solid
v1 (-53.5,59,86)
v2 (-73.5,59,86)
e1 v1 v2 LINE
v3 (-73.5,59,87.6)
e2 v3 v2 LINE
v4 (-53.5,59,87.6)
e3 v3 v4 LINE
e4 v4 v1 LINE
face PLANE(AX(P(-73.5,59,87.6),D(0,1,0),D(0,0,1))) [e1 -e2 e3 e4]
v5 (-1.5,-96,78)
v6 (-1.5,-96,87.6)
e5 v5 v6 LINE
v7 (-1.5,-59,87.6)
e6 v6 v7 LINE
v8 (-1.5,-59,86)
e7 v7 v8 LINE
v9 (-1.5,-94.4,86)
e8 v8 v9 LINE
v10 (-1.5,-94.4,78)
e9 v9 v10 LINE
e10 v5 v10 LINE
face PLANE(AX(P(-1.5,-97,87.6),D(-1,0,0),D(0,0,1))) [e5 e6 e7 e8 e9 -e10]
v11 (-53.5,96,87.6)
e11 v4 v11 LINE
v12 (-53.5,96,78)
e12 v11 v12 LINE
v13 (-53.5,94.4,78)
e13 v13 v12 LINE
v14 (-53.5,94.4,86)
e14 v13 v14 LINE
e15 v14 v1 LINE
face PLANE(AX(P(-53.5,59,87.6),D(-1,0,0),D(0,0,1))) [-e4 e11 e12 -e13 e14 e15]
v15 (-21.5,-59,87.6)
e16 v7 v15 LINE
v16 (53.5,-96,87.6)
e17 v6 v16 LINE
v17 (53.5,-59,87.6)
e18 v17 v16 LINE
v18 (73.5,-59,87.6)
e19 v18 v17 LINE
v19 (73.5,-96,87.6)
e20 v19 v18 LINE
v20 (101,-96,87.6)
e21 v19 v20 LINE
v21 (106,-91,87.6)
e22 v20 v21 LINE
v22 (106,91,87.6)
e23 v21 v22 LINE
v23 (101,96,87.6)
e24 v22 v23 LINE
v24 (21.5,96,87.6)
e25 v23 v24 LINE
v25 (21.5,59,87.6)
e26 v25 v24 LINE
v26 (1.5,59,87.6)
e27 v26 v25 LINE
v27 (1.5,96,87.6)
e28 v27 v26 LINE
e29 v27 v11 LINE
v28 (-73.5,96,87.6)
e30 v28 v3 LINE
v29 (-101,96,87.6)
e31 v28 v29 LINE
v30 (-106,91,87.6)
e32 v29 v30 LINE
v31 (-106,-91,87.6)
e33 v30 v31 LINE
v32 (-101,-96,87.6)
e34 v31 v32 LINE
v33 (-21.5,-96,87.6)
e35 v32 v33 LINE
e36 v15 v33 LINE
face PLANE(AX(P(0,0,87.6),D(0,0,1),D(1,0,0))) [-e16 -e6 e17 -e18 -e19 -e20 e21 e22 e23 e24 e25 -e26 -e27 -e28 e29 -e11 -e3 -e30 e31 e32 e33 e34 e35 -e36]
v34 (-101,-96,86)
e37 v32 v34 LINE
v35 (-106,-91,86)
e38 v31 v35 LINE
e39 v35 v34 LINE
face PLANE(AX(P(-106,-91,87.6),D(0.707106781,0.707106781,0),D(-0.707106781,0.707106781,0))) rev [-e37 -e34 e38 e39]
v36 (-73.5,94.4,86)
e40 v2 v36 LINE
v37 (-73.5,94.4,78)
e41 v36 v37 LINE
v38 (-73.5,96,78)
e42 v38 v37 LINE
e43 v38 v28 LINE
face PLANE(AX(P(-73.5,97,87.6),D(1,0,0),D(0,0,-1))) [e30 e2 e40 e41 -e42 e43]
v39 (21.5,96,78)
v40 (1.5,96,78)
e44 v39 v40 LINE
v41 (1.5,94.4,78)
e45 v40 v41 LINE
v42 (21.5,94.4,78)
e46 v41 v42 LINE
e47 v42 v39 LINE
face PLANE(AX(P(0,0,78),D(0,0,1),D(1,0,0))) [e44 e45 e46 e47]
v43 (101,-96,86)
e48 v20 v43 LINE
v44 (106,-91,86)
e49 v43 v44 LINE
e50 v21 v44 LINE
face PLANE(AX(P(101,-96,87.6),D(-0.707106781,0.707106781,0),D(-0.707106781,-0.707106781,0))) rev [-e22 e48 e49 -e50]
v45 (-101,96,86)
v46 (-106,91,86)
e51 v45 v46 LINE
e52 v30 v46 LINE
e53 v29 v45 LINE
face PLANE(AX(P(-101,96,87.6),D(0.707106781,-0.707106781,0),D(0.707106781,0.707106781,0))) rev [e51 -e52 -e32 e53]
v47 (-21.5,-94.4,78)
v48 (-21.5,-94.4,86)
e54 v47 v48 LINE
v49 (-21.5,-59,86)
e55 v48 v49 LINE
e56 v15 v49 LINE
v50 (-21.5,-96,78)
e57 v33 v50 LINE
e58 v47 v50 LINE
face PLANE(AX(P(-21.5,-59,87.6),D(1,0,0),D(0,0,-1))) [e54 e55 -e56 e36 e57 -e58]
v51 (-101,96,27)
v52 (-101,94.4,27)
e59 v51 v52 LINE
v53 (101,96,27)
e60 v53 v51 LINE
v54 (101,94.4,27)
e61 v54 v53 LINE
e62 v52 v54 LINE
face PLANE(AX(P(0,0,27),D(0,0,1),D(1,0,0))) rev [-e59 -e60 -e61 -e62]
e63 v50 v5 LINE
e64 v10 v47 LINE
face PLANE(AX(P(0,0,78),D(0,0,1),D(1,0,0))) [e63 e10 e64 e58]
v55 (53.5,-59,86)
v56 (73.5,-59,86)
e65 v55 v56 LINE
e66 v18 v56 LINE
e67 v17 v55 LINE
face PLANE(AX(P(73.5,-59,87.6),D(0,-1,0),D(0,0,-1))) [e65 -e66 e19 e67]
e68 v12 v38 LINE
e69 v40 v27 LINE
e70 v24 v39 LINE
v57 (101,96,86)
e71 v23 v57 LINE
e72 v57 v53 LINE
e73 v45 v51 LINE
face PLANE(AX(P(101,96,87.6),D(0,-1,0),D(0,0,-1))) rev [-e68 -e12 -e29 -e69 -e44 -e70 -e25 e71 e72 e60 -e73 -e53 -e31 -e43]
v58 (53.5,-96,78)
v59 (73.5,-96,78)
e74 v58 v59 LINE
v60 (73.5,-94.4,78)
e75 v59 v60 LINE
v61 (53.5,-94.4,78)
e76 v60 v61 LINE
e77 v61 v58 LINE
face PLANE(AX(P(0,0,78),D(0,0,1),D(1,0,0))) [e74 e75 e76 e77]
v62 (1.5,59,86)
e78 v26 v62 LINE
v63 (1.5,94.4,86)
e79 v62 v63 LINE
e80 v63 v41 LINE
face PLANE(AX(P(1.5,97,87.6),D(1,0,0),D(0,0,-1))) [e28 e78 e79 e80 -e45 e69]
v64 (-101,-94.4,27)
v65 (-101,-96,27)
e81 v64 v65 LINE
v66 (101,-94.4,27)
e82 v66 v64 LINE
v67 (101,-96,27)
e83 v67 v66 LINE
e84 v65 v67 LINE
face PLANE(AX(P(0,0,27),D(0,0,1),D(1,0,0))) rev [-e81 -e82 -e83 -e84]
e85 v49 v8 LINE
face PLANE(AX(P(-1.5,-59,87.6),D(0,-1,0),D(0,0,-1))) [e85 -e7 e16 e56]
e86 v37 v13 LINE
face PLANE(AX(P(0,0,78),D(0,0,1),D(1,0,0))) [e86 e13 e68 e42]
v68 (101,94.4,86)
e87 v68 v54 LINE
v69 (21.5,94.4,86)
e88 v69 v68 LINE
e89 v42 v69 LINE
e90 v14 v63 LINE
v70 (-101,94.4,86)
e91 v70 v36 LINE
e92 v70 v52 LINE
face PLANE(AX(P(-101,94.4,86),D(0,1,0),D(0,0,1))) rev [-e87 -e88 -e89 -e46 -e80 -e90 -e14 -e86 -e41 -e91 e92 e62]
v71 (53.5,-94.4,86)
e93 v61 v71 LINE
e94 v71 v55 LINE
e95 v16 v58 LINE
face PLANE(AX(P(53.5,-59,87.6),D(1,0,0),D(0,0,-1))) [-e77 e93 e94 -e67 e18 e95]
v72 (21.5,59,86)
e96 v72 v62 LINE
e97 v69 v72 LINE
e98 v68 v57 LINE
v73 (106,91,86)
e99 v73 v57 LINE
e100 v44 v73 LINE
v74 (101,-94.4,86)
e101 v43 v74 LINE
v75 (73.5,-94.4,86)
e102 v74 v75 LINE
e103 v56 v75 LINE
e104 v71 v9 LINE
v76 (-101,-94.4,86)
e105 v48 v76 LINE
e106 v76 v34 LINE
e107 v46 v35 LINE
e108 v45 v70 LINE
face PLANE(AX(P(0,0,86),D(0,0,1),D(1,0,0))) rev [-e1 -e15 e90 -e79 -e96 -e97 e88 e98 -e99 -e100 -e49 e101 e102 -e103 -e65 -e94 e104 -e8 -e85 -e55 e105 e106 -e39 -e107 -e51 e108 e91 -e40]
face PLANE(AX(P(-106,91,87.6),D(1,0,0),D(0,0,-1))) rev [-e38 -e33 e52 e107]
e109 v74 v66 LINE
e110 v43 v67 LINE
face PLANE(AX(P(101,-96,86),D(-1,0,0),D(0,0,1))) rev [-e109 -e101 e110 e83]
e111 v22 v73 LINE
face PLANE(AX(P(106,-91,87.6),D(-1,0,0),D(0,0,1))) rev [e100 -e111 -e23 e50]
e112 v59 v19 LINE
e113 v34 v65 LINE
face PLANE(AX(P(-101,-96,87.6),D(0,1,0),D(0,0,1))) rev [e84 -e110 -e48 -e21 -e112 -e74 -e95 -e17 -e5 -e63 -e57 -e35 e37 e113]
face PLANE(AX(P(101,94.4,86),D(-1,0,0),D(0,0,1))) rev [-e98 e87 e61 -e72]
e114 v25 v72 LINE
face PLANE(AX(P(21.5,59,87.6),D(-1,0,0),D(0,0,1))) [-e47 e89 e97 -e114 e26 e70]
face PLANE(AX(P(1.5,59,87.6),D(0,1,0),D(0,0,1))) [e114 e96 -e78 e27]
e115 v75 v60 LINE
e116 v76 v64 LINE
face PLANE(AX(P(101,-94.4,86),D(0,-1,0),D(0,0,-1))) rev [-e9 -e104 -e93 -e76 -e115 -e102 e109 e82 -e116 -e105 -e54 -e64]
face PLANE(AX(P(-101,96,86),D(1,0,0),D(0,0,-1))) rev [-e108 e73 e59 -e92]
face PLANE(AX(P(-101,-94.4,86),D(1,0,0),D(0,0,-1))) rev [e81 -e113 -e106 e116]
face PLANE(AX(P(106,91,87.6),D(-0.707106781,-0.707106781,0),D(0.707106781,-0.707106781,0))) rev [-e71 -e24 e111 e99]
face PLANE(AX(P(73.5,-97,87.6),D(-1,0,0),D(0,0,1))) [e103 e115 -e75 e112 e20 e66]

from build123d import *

# Parameters (mm, degrees)
F_5052_START                               = 86
F_5052_SHEET_TOP_PANEL_DEPTH               = 1.6
FOLDED_START                               = 27
SKETCH2_W                                  = 202
SKETCH2_H                                  = 1.6
FOLDED_SIDE_SKIRTS_WITH_OPEN_ENDS_DEPTH    = 59
FOUR_START                                 = 78
SKETCH3_W                                  = 20
SKETCH3_H                                  = 38
FOUR_SIDE_OPEN_HOSE_AND_WRENCH_SLOTS_DEPTH = 9.6


with BuildPart() as part:
    # Sketch1 → 5052 sheet top panel (new body)
    with BuildSketch(Plane.XY.offset(F_5052_START)):
        Polygon((-101, -96), (101, -96), (106, -91), (106, 91), (101, 96), (-101, 96), (-106, 91), (-106, -91), align=None)
    extrude(amount=F_5052_SHEET_TOP_PANEL_DEPTH)

    # Sketch2 → Folded side skirts with open ends (add)
    with BuildSketch(Plane.XY.offset(FOLDED_START)):
        with Locations((0, 95.2)):
            Rectangle(SKETCH2_W, SKETCH2_H)
        with Locations((0, -95.2)):
            Rectangle(SKETCH2_W, SKETCH2_H)
    extrude(amount=FOLDED_SIDE_SKIRTS_WITH_OPEN_ENDS_DEPTH)

    # Sketch3 → Four side-open hose and wrench slots (cut)
    with BuildSketch(Plane.XY.offset(FOUR_START)):
        with Locations((-63.5, 78)):
            Rectangle(SKETCH3_W, SKETCH3_H)
        with Locations((63.5, -78)):
            Rectangle(SKETCH3_W, SKETCH3_H)
        with Locations((11.5, 78)):
            Rectangle(SKETCH3_W, SKETCH3_H)
        with Locations((-11.5, -78)):
            Rectangle(SKETCH3_W, SKETCH3_H)
    extrude(amount=FOUR_SIDE_OPEN_HOSE_AND_WRENCH_SLOTS_DEPTH, mode=Mode.SUBTRACT)


solid = part.part
